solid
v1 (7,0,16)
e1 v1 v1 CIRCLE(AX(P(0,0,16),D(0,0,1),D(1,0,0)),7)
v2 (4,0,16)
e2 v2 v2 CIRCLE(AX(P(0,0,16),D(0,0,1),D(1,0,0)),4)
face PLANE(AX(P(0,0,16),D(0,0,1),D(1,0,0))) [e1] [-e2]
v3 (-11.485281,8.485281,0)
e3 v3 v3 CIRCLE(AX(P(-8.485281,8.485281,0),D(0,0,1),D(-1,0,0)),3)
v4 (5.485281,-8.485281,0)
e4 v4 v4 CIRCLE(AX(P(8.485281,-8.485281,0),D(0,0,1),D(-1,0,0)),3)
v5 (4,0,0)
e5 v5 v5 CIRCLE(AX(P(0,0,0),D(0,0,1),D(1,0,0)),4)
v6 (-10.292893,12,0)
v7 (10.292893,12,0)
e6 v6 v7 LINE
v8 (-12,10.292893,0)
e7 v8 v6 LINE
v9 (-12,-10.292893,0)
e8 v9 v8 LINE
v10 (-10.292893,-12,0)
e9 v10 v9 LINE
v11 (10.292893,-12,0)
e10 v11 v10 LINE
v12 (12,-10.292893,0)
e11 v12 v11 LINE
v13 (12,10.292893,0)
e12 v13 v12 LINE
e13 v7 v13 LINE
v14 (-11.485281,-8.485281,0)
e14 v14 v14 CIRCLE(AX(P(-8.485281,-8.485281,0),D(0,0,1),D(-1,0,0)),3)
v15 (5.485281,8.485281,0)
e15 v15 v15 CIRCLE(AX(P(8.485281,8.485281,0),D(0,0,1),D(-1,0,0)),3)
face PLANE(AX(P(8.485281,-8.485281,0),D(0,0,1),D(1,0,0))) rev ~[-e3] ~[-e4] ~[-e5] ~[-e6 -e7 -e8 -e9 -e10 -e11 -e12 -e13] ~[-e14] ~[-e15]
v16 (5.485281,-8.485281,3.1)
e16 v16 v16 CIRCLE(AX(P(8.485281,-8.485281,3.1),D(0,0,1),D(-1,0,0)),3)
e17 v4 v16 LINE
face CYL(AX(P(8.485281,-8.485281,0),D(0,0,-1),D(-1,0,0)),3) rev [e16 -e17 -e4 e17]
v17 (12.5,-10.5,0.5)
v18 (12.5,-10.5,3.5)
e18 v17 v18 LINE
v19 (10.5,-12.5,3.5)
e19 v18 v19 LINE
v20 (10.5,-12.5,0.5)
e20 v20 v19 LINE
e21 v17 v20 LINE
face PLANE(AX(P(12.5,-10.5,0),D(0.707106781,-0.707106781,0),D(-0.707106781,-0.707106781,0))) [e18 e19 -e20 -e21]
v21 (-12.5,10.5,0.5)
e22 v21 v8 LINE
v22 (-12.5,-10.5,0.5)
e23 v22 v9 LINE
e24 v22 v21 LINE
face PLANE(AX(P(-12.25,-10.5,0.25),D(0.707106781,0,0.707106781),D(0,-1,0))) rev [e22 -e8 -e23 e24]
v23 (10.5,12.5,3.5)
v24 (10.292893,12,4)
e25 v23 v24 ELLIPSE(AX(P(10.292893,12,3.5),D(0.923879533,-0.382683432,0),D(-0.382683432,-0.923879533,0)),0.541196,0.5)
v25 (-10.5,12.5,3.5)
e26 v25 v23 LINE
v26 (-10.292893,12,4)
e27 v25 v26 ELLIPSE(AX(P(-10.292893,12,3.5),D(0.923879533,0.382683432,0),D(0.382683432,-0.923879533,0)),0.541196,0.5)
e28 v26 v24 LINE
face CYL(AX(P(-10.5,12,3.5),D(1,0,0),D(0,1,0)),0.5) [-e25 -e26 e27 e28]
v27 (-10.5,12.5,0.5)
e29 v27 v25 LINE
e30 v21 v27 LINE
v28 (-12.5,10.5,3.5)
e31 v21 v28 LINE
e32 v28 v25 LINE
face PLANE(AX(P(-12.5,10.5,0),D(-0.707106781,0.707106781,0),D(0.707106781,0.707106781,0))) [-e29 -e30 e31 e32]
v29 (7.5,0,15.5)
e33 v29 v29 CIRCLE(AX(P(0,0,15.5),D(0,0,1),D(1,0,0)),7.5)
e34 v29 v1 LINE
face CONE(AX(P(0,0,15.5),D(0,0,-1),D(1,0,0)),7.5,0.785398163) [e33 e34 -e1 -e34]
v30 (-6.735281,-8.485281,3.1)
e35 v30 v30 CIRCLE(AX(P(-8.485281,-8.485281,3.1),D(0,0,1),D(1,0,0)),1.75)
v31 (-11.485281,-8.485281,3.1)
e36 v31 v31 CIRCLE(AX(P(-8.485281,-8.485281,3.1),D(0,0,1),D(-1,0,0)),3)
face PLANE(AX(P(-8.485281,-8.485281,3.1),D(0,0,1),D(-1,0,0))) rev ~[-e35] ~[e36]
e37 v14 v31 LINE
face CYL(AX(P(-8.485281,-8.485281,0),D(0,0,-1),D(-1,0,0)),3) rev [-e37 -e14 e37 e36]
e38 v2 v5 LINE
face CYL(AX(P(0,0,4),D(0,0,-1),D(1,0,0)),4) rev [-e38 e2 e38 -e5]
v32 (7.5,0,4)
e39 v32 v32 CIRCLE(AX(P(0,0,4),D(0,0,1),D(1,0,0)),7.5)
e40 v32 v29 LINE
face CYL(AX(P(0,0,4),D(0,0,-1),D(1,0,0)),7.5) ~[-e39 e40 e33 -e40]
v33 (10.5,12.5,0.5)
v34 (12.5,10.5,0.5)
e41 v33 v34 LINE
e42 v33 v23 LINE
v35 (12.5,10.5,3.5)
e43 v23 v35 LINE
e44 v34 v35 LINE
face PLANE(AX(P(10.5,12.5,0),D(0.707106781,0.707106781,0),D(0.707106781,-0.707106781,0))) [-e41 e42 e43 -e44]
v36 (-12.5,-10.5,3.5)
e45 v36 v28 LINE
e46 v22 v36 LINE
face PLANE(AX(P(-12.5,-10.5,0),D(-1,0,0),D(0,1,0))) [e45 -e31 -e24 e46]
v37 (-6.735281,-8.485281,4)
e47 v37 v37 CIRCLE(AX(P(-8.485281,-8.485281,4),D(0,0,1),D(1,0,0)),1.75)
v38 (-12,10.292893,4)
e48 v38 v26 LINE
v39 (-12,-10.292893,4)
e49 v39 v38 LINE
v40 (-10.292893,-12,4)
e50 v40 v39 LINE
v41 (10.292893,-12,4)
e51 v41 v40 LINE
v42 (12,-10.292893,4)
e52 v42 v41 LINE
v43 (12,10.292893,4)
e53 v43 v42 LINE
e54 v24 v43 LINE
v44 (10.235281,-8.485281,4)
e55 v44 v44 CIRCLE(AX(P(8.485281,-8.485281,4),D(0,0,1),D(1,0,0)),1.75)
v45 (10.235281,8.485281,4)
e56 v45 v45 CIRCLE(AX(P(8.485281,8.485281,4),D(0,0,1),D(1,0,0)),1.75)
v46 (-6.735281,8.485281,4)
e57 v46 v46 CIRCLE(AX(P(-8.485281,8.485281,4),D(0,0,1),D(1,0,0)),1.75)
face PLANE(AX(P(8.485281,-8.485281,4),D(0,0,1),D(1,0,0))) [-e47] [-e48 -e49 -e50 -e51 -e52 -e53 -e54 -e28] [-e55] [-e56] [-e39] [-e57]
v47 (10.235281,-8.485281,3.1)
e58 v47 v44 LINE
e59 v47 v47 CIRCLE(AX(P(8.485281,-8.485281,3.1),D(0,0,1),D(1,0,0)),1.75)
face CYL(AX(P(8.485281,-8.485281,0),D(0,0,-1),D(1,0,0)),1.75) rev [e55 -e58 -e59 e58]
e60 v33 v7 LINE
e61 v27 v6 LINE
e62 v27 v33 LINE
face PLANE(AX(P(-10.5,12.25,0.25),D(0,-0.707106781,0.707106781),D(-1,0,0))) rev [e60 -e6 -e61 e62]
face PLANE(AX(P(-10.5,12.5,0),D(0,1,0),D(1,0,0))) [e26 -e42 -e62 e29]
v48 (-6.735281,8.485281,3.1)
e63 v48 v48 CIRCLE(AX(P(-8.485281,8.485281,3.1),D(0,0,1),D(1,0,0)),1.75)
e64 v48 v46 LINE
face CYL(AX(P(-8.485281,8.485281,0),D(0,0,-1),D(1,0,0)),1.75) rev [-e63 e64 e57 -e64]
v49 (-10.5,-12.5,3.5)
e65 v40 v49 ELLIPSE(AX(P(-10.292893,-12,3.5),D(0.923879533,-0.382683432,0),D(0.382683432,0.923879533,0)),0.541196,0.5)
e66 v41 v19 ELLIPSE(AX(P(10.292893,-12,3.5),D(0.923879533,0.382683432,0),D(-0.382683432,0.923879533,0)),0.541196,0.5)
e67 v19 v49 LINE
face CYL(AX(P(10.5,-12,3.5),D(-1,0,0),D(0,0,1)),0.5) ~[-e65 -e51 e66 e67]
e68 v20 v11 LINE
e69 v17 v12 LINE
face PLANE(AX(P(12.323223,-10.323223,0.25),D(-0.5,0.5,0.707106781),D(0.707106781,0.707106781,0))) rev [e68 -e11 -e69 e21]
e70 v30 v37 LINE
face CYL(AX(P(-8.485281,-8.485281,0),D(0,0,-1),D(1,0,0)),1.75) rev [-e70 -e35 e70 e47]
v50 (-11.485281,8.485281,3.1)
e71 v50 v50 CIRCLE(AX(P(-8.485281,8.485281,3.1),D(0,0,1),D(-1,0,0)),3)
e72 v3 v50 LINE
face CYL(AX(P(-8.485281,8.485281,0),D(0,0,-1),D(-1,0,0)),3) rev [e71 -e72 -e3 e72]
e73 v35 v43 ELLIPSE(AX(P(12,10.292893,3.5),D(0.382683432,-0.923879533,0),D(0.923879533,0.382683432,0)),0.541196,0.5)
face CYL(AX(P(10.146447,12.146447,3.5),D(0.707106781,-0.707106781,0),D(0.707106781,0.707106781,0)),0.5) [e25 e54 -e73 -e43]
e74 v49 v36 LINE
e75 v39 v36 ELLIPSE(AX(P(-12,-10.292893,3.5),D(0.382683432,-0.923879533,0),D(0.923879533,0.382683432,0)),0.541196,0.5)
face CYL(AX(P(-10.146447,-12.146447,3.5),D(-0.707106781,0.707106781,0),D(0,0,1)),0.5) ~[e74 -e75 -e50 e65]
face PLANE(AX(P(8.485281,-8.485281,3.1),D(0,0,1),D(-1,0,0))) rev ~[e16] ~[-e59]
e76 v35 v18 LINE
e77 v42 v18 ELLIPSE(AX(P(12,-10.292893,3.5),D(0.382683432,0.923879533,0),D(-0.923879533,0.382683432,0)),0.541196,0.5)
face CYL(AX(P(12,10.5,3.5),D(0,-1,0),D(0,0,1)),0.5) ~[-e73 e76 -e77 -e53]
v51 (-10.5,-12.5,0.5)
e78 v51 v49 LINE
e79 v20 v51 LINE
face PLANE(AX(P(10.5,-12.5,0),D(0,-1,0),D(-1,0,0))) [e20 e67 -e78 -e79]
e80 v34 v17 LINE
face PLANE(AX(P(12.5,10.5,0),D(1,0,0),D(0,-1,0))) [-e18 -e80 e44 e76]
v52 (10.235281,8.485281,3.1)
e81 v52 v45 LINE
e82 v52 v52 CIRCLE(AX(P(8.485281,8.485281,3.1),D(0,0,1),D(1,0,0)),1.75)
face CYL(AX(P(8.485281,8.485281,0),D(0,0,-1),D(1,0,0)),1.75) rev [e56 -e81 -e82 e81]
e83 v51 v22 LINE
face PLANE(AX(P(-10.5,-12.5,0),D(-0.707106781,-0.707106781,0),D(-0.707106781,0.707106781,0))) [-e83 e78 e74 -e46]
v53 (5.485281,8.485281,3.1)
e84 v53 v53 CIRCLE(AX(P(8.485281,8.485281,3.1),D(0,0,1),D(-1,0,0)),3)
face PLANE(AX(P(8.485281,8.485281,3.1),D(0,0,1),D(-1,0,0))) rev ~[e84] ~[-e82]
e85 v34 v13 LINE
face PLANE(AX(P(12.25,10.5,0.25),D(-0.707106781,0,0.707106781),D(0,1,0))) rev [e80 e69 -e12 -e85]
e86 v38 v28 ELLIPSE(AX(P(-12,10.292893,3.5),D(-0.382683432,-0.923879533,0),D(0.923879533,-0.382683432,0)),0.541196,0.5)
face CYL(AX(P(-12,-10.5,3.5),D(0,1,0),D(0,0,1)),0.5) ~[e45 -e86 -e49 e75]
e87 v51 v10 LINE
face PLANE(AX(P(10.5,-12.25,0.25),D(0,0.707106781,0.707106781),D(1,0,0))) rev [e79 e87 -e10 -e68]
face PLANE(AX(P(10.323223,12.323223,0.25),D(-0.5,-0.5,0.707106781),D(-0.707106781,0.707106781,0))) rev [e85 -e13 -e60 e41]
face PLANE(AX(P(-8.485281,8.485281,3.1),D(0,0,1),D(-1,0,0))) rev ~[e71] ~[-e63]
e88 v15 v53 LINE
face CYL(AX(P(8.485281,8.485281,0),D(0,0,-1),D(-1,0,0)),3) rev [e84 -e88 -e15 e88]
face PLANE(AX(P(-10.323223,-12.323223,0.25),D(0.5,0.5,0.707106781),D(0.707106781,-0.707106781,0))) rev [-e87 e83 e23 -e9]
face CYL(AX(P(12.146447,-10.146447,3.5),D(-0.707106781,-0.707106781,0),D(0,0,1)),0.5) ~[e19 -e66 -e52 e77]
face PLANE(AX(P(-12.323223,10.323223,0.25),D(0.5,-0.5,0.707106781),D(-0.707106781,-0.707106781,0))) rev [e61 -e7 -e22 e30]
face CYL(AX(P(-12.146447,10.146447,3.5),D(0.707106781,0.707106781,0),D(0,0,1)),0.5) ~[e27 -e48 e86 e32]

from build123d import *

# Parameters (mm, degrees)
SKETCH_1_R          = 4
SKETCH_1_R_2        = 1.75
EXTRUDE_1_DEPTH     = 4
SKETCH_1_3_R        = 3
SKETCH_1_3_R_2      = 1.75
CUT_EXTRUDE_1_DEPTH = 3.1
SKETCH_2_R          = 7.5
SKETCH_2_R_2        = 4
EXTRUDE_2_DEPTH     = 12
CHAMFER_1_SIZE      = 0.5
CHAMFER_2_SIZE      = 0.5
FILLET_1_R          = 0.5


with BuildPart() as part:
    # 스케치1 → 보스-돌출1 (new body)
    with BuildSketch(Plane.XY):
        Polygon((-10.5, 12.5), (-12.5, 10.5), (-12.5, -10.5), (-10.5, -12.5), (10.5, -12.5), (12.5, -10.5), (12.5, 10.5), (10.5, 12.5), align=None)
        Circle(SKETCH_1_R, mode=Mode.SUBTRACT)
        with Locations((-8.485281374, -8.485281374)):
            Circle(SKETCH_1_R_2, mode=Mode.SUBTRACT)
        with Locations((8.485281374, -8.485281374)):
            Circle(SKETCH_1_R_2, mode=Mode.SUBTRACT)
        with Locations((-8.485281374, 8.485281374)):
            Circle(SKETCH_1_R_2, mode=Mode.SUBTRACT)
        with Locations((8.485281374, 8.485281374)):
            Circle(SKETCH_1_R_2, mode=Mode.SUBTRACT)
    extrude(amount=EXTRUDE_1_DEPTH)

    # 스케치1<3> → 컷-돌출1 (cut)
    # profile 1 of 4: a face of its own
    with BuildSketch(Plane.XY):
        with Locations((-8.485281374, 8.485281374)):
            Circle(SKETCH_1_3_R)
        with Locations((-8.485281374, 8.485281374)):
            Circle(SKETCH_1_3_R_2, mode=Mode.SUBTRACT)
    # profile 2 of 4: a face of its own
    with BuildSketch(Plane.XY):
        with Locations((-8.485281374, -8.485281374)):
            Circle(SKETCH_1_3_R)
        with Locations((-8.485281374, -8.485281374)):
            Circle(SKETCH_1_3_R_2, mode=Mode.SUBTRACT)
    # profile 3 of 4: a face of its own
    with BuildSketch(Plane.XY):
        with Locations((8.485281374, -8.485281374)):
            Circle(SKETCH_1_3_R)
        with Locations((8.485281374, -8.485281374)):
            Circle(SKETCH_1_3_R_2, mode=Mode.SUBTRACT)
    # profile 4 of 4: a face of its own
    with BuildSketch(Plane.XY):
        with Locations((8.485281374, 8.485281374)):
            Circle(SKETCH_1_3_R)
        with Locations((8.485281374, 8.485281374)):
            Circle(SKETCH_1_3_R_2, mode=Mode.SUBTRACT)
    extrude(amount=CUT_EXTRUDE_1_DEPTH, mode=Mode.SUBTRACT)

    # 스케치2 → 보스-돌출2 (add)
    with BuildSketch(Plane.XY.offset(4)):
        Circle(SKETCH_2_R)
        Circle(SKETCH_2_R_2, mode=Mode.SUBTRACT)
    extrude(amount=EXTRUDE_2_DEPTH)

    # 모따기1
    chamfer_1_edges = [part.edges().sort_by_distance(p)[0] for p in [
        (-7.5, 0, 16),
    ]]
    chamfer(chamfer_1_edges, length=CHAMFER_1_SIZE)

    # 모따기2
    chamfer_2_edges = [part.edges().sort_by_distance(p)[0] for p in [
        (-11.5, 11.5, 0),
        (-12.5, 0, 0),
        (-11.5, -11.5, 0),
        (0, -12.5, 0),
        (11.5, -11.5, 0),
        (12.5, 0, 0),
        (11.5, 11.5, 0),
        (0, 12.5, 0),
    ]]
    chamfer(chamfer_2_edges, length=CHAMFER_2_SIZE)

    # 필렛1
    fillet_1_edges = [part.edges().sort_by_distance(p)[0] for p in [
        (-11.5, -11.5, 4),
        (0, -12.5, 4),
        (11.5, -11.5, 4),
        (11.5, 11.5, 4),
        (12.5, 0, 4),
        (-12.5, 0, 4),
        (-11.5, 11.5, 4),
        (0, 12.5, 4),
    ]]
    fillet(fillet_1_edges, radius=FILLET_1_R)


solid = part.part
